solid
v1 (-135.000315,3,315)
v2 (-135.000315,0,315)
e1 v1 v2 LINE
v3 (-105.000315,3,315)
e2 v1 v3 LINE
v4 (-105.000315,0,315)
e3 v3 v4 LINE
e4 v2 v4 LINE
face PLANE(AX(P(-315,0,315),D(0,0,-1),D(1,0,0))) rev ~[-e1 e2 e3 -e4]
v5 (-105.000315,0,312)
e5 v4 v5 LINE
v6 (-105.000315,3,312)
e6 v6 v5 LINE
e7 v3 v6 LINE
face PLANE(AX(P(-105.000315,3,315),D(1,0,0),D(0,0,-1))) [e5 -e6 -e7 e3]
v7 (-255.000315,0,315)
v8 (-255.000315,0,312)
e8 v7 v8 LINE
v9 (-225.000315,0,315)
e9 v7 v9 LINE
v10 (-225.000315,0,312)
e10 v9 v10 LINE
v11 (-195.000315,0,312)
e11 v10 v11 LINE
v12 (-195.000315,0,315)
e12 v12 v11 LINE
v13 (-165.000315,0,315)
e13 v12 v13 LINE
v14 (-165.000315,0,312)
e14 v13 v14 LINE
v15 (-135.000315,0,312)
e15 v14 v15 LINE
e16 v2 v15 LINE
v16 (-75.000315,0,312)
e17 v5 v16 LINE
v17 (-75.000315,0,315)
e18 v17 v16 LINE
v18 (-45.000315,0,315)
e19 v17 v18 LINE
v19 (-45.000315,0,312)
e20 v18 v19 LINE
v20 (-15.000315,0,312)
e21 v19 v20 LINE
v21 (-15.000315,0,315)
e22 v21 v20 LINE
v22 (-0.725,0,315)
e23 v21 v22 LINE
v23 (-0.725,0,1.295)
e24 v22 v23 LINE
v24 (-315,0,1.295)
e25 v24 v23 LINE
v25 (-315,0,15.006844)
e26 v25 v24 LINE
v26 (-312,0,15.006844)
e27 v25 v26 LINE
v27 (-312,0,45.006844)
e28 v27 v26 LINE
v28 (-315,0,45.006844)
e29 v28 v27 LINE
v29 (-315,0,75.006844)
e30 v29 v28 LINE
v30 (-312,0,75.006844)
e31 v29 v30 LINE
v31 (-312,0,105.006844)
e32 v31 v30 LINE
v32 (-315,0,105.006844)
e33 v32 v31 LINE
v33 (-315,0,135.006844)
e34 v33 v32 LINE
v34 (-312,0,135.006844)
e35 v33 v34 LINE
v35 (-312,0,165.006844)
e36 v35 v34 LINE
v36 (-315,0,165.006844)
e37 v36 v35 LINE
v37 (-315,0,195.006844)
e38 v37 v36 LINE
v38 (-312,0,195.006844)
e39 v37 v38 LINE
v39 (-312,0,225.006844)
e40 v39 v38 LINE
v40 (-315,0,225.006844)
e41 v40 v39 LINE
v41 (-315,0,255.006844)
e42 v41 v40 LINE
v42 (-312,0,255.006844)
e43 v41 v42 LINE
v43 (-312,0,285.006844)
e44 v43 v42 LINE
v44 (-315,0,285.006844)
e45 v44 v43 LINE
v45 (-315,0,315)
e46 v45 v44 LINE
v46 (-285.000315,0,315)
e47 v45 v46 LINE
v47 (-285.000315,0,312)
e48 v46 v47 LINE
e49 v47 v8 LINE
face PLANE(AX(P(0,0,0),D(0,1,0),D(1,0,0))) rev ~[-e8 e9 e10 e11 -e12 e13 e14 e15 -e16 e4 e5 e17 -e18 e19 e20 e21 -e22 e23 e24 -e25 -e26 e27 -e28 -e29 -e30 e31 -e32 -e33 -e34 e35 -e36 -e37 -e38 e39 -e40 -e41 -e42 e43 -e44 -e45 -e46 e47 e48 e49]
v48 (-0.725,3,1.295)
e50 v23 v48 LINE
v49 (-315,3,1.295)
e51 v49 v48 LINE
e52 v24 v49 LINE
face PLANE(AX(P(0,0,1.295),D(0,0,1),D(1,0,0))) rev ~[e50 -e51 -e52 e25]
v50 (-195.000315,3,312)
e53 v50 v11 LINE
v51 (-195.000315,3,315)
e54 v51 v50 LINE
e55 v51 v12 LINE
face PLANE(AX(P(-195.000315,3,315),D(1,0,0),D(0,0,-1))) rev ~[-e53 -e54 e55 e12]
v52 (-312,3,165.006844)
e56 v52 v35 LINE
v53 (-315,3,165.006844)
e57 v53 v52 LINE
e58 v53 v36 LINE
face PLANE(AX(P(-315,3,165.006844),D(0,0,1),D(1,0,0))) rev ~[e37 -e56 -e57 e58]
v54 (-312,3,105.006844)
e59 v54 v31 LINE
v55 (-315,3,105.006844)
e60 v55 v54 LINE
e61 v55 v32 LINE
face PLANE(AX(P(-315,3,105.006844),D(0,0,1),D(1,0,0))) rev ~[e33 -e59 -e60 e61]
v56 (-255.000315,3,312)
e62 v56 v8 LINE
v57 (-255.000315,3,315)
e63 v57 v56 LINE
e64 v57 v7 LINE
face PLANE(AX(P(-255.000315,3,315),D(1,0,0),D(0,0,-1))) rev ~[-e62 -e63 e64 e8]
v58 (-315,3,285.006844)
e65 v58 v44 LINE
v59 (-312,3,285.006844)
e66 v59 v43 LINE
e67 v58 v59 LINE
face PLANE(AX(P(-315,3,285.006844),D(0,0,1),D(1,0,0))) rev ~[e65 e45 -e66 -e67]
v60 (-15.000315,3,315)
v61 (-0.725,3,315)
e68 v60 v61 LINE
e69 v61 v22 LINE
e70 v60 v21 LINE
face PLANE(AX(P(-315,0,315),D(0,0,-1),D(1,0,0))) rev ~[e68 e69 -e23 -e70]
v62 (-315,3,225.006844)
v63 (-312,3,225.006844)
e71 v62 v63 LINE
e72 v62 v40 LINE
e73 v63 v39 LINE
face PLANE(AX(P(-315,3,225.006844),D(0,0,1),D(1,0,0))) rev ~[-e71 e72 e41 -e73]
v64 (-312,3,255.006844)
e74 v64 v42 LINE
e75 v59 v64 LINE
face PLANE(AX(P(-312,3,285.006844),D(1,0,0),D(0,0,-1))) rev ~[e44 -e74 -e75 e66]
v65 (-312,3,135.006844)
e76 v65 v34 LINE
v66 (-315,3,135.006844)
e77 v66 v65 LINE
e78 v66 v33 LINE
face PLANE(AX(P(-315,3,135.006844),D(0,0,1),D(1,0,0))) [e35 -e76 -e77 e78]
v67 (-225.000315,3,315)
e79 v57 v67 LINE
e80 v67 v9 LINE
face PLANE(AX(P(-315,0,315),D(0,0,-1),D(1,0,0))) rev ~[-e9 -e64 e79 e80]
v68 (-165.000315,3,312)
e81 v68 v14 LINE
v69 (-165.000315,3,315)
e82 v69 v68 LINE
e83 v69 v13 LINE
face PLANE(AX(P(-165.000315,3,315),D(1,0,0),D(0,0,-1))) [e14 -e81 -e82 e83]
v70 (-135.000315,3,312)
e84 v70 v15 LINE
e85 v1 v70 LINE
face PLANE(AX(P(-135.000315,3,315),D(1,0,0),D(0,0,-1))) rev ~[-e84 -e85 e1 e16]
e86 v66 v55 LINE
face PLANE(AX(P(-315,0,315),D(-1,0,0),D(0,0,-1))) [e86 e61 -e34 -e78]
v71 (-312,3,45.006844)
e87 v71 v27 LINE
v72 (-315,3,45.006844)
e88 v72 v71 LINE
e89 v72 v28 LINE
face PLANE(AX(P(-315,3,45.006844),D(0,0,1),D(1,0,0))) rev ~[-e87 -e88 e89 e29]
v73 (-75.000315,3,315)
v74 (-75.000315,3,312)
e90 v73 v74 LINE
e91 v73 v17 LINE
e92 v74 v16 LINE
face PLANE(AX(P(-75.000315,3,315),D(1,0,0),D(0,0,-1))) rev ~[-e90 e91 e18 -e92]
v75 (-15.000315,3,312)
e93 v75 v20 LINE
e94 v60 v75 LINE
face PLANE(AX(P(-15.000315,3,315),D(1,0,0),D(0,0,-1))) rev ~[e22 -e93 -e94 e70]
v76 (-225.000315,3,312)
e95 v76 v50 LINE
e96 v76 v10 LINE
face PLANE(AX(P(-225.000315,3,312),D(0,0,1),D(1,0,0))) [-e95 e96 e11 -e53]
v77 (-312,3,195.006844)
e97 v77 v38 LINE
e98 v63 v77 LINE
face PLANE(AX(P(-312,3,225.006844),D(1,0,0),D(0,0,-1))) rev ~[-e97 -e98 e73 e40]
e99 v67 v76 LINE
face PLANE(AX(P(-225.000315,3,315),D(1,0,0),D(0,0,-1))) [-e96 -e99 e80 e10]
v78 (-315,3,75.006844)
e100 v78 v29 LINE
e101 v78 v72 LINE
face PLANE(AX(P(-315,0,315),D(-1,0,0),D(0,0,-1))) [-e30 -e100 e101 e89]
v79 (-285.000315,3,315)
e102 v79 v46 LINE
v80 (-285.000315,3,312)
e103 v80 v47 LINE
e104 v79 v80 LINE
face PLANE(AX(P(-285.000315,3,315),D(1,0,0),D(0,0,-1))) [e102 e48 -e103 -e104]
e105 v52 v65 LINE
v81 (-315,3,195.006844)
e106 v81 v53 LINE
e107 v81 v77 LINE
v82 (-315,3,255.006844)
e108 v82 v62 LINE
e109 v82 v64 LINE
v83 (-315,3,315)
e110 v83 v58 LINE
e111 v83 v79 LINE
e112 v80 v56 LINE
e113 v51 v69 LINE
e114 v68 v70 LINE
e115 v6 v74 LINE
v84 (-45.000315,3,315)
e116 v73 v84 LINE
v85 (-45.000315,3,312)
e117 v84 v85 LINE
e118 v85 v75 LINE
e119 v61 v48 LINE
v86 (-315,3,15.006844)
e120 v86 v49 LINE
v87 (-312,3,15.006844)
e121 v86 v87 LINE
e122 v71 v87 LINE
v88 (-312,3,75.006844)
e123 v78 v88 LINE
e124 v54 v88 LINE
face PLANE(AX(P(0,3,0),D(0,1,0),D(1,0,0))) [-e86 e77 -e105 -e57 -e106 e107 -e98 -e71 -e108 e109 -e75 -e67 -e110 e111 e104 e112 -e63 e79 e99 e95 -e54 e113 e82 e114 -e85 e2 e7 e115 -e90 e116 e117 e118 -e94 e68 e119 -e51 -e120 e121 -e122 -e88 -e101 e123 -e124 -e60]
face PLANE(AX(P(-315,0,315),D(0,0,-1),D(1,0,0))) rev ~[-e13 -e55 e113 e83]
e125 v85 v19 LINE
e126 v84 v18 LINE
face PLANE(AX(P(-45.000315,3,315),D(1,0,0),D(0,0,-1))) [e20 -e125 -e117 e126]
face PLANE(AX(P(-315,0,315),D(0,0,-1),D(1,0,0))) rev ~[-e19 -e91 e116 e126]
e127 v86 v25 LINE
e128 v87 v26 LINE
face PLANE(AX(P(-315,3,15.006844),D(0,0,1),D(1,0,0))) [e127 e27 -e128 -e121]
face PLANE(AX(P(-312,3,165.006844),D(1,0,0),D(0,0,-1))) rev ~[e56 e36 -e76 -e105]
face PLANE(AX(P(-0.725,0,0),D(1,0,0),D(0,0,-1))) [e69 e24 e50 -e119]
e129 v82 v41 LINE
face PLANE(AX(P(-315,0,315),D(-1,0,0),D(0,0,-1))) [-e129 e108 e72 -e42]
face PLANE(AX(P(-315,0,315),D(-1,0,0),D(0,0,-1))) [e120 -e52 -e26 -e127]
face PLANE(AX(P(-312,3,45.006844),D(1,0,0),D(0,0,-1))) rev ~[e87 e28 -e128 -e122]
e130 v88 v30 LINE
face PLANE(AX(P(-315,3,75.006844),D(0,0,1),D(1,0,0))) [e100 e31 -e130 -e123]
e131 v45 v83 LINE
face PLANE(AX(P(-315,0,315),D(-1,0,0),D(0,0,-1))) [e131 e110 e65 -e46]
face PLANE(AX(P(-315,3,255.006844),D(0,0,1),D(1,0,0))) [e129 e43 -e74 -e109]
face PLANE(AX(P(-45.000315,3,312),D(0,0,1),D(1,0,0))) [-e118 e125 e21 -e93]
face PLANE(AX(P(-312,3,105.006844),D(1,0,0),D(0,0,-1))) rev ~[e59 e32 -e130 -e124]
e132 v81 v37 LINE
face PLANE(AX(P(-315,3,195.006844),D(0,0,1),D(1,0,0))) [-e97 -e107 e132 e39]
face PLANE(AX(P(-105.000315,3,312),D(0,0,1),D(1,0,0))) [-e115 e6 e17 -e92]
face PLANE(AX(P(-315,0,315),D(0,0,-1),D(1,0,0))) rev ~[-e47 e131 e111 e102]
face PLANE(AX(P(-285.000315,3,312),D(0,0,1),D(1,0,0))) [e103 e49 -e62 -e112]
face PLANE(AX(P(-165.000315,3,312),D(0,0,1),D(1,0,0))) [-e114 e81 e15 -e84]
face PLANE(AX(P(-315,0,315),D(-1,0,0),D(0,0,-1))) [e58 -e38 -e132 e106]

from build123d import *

# Parameters (mm, degrees)
SKETCH1_W               = 630
SKETCH1_H               = 630
BOSS_EXTRUDE1_DEPTH     = 3
SKETCH3_W               = 3
SKETCH3_H               = 30
CUT_EXTRUDE2_DEPTH      = 3
LPATTERN2_COUNT         = 10
LPATTERN2_PITCH         = 60
MIRROR1_COPY_1_SKETCH_W = 3
MIRROR1_COPY_1_SKETCH_H = 30
MIRROR1_COPY_1_DEPTH    = 3
MIRROR1_COPY_2_SKETCH_W = 3
MIRROR1_COPY_2_SKETCH_H = 30
MIRROR1_COPY_2_DEPTH    = 3
MIRROR1_COPY_3_SKETCH_W = 3
MIRROR1_COPY_3_SKETCH_H = 30
MIRROR1_COPY_3_DEPTH    = 3
MIRROR1_COPY_4_SKETCH_W = 3
MIRROR1_COPY_4_SKETCH_H = 30
MIRROR1_COPY_4_DEPTH    = 3
MIRROR1_COPY_5_SKETCH_W = 3
MIRROR1_COPY_5_SKETCH_H = 30
MIRROR1_COPY_5_DEPTH    = 3
MIRROR1_COPY_6_SKETCH_W = 3
MIRROR1_COPY_6_SKETCH_H = 30
MIRROR1_COPY_6_DEPTH    = 3
MIRROR1_COPY_7_SKETCH_W = 3
MIRROR1_COPY_7_SKETCH_H = 30
MIRROR1_COPY_7_DEPTH    = 3
MIRROR1_COPY_8_SKETCH_W = 3
MIRROR1_COPY_8_SKETCH_H = 30
MIRROR1_COPY_8_DEPTH    = 3
MIRROR1_COPY_9_SKETCH_W = 3
MIRROR1_COPY_9_SKETCH_H = 30
MIRROR1_COPY_9_DEPTH    = 3
SKETCH5_W               = 30
SKETCH5_H               = 3
CUT_EXTRUDE3_DEPTH      = 3
LPATTERN3_COUNT         = 10
LPATTERN3_PITCH         = 60
MIRROR2_COPY_1_SKETCH_W = 30
MIRROR2_COPY_1_SKETCH_H = 3
MIRROR2_COPY_1_DEPTH    = 3
MIRROR2_COPY_2_SKETCH_W = 30
MIRROR2_COPY_2_SKETCH_H = 3
MIRROR2_COPY_2_DEPTH    = 3
MIRROR2_COPY_3_SKETCH_W = 30
MIRROR2_COPY_3_SKETCH_H = 3
MIRROR2_COPY_3_DEPTH    = 3
MIRROR2_COPY_4_SKETCH_W = 30
MIRROR2_COPY_4_SKETCH_H = 3
MIRROR2_COPY_4_DEPTH    = 3
MIRROR2_COPY_5_SKETCH_W = 30
MIRROR2_COPY_5_SKETCH_H = 3
MIRROR2_COPY_5_DEPTH    = 3
MIRROR2_COPY_6_SKETCH_W = 30
MIRROR2_COPY_6_SKETCH_H = 3
MIRROR2_COPY_6_DEPTH    = 3
MIRROR2_COPY_7_SKETCH_W = 30
MIRROR2_COPY_7_SKETCH_H = 3
MIRROR2_COPY_7_DEPTH    = 3
MIRROR2_COPY_8_SKETCH_W = 30
MIRROR2_COPY_8_SKETCH_H = 3
MIRROR2_COPY_8_DEPTH    = 3
MIRROR2_COPY_9_SKETCH_W = 30
MIRROR2_COPY_9_SKETCH_H = 3
MIRROR2_COPY_9_DEPTH    = 3


with BuildPart() as part:
    # Sketch1 → Boss-Extrude1 (new body)
    with BuildSketch(Plane(origin=(0, 0, 0), x_dir=(1, 0, 0), z_dir=(0, 1, 0))):
        Rectangle(SKETCH1_W, SKETCH1_H)
    extrude(amount=BOSS_EXTRUDE1_DEPTH)

    # Sketch3 → Cut-Extrude2 (cut)
    with BuildSketch(Plane(origin=(0, 3, 0), x_dir=(1, 0, 0), z_dir=(0, 1, 0))):
        with Locations((-313.5, -270.006843512)):
            Rectangle(SKETCH3_W, SKETCH3_H)
    cut_extrude2 = extrude(amount=-CUT_EXTRUDE2_DEPTH, mode=Mode.SUBTRACT)

    # LPattern2: Cut-Extrude2 ×10
    with Locations(*[(0, 0, -i * LPATTERN2_PITCH) for i in range(1, LPATTERN2_COUNT)]):
        add(cut_extrude2, mode=Mode.SUBTRACT)

    # Mirror1: Cut-Extrude2 across plane
    add(cut_extrude2.mirror(Plane(origin=(-0.725, 0, 0), x_dir=(0, 0, 1), z_dir=(1, 0, 0))), mode=Mode.SUBTRACT)

    # Mirror1 copy 1 sketch → Mirror1 copy 1 (cut)
    with BuildSketch(Plane(origin=(-1.45, 3, -60), x_dir=(-1, 0, 0), z_dir=(0, 1, 0))):
        with Locations((-313.5, 270.006843512)):
            Rectangle(MIRROR1_COPY_1_SKETCH_W, MIRROR1_COPY_1_SKETCH_H)
    extrude(amount=-MIRROR1_COPY_1_DEPTH, mode=Mode.SUBTRACT)

    # Mirror1 copy 2 sketch → Mirror1 copy 2 (cut)
    with BuildSketch(Plane(origin=(-1.45, 3, -120), x_dir=(-1, 0, 0), z_dir=(0, 1, 0))):
        with Locations((-313.5, 270.006843512)):
            Rectangle(MIRROR1_COPY_2_SKETCH_W, MIRROR1_COPY_2_SKETCH_H)
    extrude(amount=-MIRROR1_COPY_2_DEPTH, mode=Mode.SUBTRACT)

    # Mirror1 copy 3 sketch → Mirror1 copy 3 (cut)
    with BuildSketch(Plane(origin=(-1.45, 3, -180), x_dir=(-1, 0, 0), z_dir=(0, 1, 0))):
        with Locations((-313.5, 270.006843512)):
            Rectangle(MIRROR1_COPY_3_SKETCH_W, MIRROR1_COPY_3_SKETCH_H)
    extrude(amount=-MIRROR1_COPY_3_DEPTH, mode=Mode.SUBTRACT)

    # Mirror1 copy 4 sketch → Mirror1 copy 4 (cut)
    with BuildSketch(Plane(origin=(-1.45, 3, -240), x_dir=(-1, 0, 0), z_dir=(0, 1, 0))):
        with Locations((-313.5, 270.006843512)):
            Rectangle(MIRROR1_COPY_4_SKETCH_W, MIRROR1_COPY_4_SKETCH_H)
    extrude(amount=-MIRROR1_COPY_4_DEPTH, mode=Mode.SUBTRACT)

    # Mirror1 copy 5 sketch → Mirror1 copy 5 (cut)
    with BuildSketch(Plane(origin=(-1.45, 3, -300), x_dir=(-1, 0, 0), z_dir=(0, 1, 0))):
        with Locations((-313.5, 270.006843512)):
            Rectangle(MIRROR1_COPY_5_SKETCH_W, MIRROR1_COPY_5_SKETCH_H)
    extrude(amount=-MIRROR1_COPY_5_DEPTH, mode=Mode.SUBTRACT)

    # Mirror1 copy 6 sketch → Mirror1 copy 6 (cut)
    with BuildSketch(Plane(origin=(-1.45, 3, -360), x_dir=(-1, 0, 0), z_dir=(0, 1, 0))):
        with Locations((-313.5, 270.006843512)):
            Rectangle(MIRROR1_COPY_6_SKETCH_W, MIRROR1_COPY_6_SKETCH_H)
    extrude(amount=-MIRROR1_COPY_6_DEPTH, mode=Mode.SUBTRACT)

    # Mirror1 copy 7 sketch → Mirror1 copy 7 (cut)
    with BuildSketch(Plane(origin=(-1.45, 3, -420), x_dir=(-1, 0, 0), z_dir=(0, 1, 0))):
        with Locations((-313.5, 270.006843512)):
            Rectangle(MIRROR1_COPY_7_SKETCH_W, MIRROR1_COPY_7_SKETCH_H)
    extrude(amount=-MIRROR1_COPY_7_DEPTH, mode=Mode.SUBTRACT)

    # Mirror1 copy 8 sketch → Mirror1 copy 8 (cut)
    with BuildSketch(Plane(origin=(-1.45, 3, -480), x_dir=(-1, 0, 0), z_dir=(0, 1, 0))):
        with Locations((-313.5, 270.006843512)):
            Rectangle(MIRROR1_COPY_8_SKETCH_W, MIRROR1_COPY_8_SKETCH_H)
    extrude(amount=-MIRROR1_COPY_8_DEPTH, mode=Mode.SUBTRACT)

    # Mirror1 copy 9 sketch → Mirror1 copy 9 (cut)
    with BuildSketch(Plane(origin=(-1.45, 3, -540), x_dir=(-1, 0, 0), z_dir=(0, 1, 0))):
        with Locations((-313.5, 270.006843512)):
            Rectangle(MIRROR1_COPY_9_SKETCH_W, MIRROR1_COPY_9_SKETCH_H)
    extrude(amount=-MIRROR1_COPY_9_DEPTH, mode=Mode.SUBTRACT)

    # Sketch5 → Cut-Extrude3 (cut)
    with BuildSketch(Plane(origin=(0, 3, 0), x_dir=(1, 0, 0), z_dir=(0, 1, 0))):
        with Locations((-270.000314512, -313.5)):
            Rectangle(SKETCH5_W, SKETCH5_H)
    cut_extrude3 = extrude(amount=-CUT_EXTRUDE3_DEPTH, mode=Mode.SUBTRACT)

    # LPattern3: Cut-Extrude3 ×10
    with Locations(*[(i * LPATTERN3_PITCH, 0, 0) for i in range(1, LPATTERN3_COUNT)]):
        add(cut_extrude3, mode=Mode.SUBTRACT)

    # Mirror2: Cut-Extrude3 across plane
    add(cut_extrude3.mirror(Plane.XY.offset(1.295)), mode=Mode.SUBTRACT)

    # Mirror2 copy 1 sketch → Mirror2 copy 1 (cut)
    with BuildSketch(Plane(origin=(60, 3, 2.59), x_dir=(1, 0, 0), z_dir=(0, 1, 0))):
        with Locations((-270.000314512, 313.5)):
            Rectangle(MIRROR2_COPY_1_SKETCH_W, MIRROR2_COPY_1_SKETCH_H)
    extrude(amount=-MIRROR2_COPY_1_DEPTH, mode=Mode.SUBTRACT)

    # Mirror2 copy 2 sketch → Mirror2 copy 2 (cut)
    with BuildSketch(Plane(origin=(120, 3, 2.59), x_dir=(1, 0, 0), z_dir=(0, 1, 0))):
        with Locations((-270.000314512, 313.5)):
            Rectangle(MIRROR2_COPY_2_SKETCH_W, MIRROR2_COPY_2_SKETCH_H)
    extrude(amount=-MIRROR2_COPY_2_DEPTH, mode=Mode.SUBTRACT)

    # Mirror2 copy 3 sketch → Mirror2 copy 3 (cut)
    with BuildSketch(Plane(origin=(180, 3, 2.59), x_dir=(1, 0, 0), z_dir=(0, 1, 0))):
        with Locations((-270.000314512, 313.5)):
            Rectangle(MIRROR2_COPY_3_SKETCH_W, MIRROR2_COPY_3_SKETCH_H)
    extrude(amount=-MIRROR2_COPY_3_DEPTH, mode=Mode.SUBTRACT)

    # Mirror2 copy 4 sketch → Mirror2 copy 4 (cut)
    with BuildSketch(Plane(origin=(240, 3, 2.59), x_dir=(1, 0, 0), z_dir=(0, 1, 0))):
        with Locations((-270.000314512, 313.5)):
            Rectangle(MIRROR2_COPY_4_SKETCH_W, MIRROR2_COPY_4_SKETCH_H)
    extrude(amount=-MIRROR2_COPY_4_DEPTH, mode=Mode.SUBTRACT)

    # Mirror2 copy 5 sketch → Mirror2 copy 5 (cut)
    with BuildSketch(Plane(origin=(300, 3, 2.59), x_dir=(1, 0, 0), z_dir=(0, 1, 0))):
        with Locations((-270.000314512, 313.5)):
            Rectangle(MIRROR2_COPY_5_SKETCH_W, MIRROR2_COPY_5_SKETCH_H)
    extrude(amount=-MIRROR2_COPY_5_DEPTH, mode=Mode.SUBTRACT)

    # Mirror2 copy 6 sketch → Mirror2 copy 6 (cut)
    with BuildSketch(Plane(origin=(360, 3, 2.59), x_dir=(1, 0, 0), z_dir=(0, 1, 0))):
        with Locations((-270.000314512, 313.5)):
            Rectangle(MIRROR2_COPY_6_SKETCH_W, MIRROR2_COPY_6_SKETCH_H)
    extrude(amount=-MIRROR2_COPY_6_DEPTH, mode=Mode.SUBTRACT)

    # Mirror2 copy 7 sketch → Mirror2 copy 7 (cut)
    with BuildSketch(Plane(origin=(420, 3, 2.59), x_dir=(1, 0, 0), z_dir=(0, 1, 0))):
        with Locations((-270.000314512, 313.5)):
            Rectangle(MIRROR2_COPY_7_SKETCH_W, MIRROR2_COPY_7_SKETCH_H)
    extrude(amount=-MIRROR2_COPY_7_DEPTH, mode=Mode.SUBTRACT)

    # Mirror2 copy 8 sketch → Mirror2 copy 8 (cut)
    with BuildSketch(Plane(origin=(480, 3, 2.59), x_dir=(1, 0, 0), z_dir=(0, 1, 0))):
        with Locations((-270.000314512, 313.5)):
            Rectangle(MIRROR2_COPY_8_SKETCH_W, MIRROR2_COPY_8_SKETCH_H)
    extrude(amount=-MIRROR2_COPY_8_DEPTH, mode=Mode.SUBTRACT)

    # Mirror2 copy 9 sketch → Mirror2 copy 9 (cut)
    with BuildSketch(Plane(origin=(540, 3, 2.59), x_dir=(1, 0, 0), z_dir=(0, 1, 0))):
        with Locations((-270.000314512, 313.5)):
            Rectangle(MIRROR2_COPY_9_SKETCH_W, MIRROR2_COPY_9_SKETCH_H)
    extrude(amount=-MIRROR2_COPY_9_DEPTH, mode=Mode.SUBTRACT)

    # SurfaceCut1
    split(bisect_by=Plane.XY.offset(1.295), keep=Keep.TOP)

    # SurfaceCut2
    split(bisect_by=Plane(origin=(-0.725, 0, 0), x_dir=(0, 0, -1), z_dir=(1, 0, 0)), keep=Keep.BOTTOM)


solid = part.part
